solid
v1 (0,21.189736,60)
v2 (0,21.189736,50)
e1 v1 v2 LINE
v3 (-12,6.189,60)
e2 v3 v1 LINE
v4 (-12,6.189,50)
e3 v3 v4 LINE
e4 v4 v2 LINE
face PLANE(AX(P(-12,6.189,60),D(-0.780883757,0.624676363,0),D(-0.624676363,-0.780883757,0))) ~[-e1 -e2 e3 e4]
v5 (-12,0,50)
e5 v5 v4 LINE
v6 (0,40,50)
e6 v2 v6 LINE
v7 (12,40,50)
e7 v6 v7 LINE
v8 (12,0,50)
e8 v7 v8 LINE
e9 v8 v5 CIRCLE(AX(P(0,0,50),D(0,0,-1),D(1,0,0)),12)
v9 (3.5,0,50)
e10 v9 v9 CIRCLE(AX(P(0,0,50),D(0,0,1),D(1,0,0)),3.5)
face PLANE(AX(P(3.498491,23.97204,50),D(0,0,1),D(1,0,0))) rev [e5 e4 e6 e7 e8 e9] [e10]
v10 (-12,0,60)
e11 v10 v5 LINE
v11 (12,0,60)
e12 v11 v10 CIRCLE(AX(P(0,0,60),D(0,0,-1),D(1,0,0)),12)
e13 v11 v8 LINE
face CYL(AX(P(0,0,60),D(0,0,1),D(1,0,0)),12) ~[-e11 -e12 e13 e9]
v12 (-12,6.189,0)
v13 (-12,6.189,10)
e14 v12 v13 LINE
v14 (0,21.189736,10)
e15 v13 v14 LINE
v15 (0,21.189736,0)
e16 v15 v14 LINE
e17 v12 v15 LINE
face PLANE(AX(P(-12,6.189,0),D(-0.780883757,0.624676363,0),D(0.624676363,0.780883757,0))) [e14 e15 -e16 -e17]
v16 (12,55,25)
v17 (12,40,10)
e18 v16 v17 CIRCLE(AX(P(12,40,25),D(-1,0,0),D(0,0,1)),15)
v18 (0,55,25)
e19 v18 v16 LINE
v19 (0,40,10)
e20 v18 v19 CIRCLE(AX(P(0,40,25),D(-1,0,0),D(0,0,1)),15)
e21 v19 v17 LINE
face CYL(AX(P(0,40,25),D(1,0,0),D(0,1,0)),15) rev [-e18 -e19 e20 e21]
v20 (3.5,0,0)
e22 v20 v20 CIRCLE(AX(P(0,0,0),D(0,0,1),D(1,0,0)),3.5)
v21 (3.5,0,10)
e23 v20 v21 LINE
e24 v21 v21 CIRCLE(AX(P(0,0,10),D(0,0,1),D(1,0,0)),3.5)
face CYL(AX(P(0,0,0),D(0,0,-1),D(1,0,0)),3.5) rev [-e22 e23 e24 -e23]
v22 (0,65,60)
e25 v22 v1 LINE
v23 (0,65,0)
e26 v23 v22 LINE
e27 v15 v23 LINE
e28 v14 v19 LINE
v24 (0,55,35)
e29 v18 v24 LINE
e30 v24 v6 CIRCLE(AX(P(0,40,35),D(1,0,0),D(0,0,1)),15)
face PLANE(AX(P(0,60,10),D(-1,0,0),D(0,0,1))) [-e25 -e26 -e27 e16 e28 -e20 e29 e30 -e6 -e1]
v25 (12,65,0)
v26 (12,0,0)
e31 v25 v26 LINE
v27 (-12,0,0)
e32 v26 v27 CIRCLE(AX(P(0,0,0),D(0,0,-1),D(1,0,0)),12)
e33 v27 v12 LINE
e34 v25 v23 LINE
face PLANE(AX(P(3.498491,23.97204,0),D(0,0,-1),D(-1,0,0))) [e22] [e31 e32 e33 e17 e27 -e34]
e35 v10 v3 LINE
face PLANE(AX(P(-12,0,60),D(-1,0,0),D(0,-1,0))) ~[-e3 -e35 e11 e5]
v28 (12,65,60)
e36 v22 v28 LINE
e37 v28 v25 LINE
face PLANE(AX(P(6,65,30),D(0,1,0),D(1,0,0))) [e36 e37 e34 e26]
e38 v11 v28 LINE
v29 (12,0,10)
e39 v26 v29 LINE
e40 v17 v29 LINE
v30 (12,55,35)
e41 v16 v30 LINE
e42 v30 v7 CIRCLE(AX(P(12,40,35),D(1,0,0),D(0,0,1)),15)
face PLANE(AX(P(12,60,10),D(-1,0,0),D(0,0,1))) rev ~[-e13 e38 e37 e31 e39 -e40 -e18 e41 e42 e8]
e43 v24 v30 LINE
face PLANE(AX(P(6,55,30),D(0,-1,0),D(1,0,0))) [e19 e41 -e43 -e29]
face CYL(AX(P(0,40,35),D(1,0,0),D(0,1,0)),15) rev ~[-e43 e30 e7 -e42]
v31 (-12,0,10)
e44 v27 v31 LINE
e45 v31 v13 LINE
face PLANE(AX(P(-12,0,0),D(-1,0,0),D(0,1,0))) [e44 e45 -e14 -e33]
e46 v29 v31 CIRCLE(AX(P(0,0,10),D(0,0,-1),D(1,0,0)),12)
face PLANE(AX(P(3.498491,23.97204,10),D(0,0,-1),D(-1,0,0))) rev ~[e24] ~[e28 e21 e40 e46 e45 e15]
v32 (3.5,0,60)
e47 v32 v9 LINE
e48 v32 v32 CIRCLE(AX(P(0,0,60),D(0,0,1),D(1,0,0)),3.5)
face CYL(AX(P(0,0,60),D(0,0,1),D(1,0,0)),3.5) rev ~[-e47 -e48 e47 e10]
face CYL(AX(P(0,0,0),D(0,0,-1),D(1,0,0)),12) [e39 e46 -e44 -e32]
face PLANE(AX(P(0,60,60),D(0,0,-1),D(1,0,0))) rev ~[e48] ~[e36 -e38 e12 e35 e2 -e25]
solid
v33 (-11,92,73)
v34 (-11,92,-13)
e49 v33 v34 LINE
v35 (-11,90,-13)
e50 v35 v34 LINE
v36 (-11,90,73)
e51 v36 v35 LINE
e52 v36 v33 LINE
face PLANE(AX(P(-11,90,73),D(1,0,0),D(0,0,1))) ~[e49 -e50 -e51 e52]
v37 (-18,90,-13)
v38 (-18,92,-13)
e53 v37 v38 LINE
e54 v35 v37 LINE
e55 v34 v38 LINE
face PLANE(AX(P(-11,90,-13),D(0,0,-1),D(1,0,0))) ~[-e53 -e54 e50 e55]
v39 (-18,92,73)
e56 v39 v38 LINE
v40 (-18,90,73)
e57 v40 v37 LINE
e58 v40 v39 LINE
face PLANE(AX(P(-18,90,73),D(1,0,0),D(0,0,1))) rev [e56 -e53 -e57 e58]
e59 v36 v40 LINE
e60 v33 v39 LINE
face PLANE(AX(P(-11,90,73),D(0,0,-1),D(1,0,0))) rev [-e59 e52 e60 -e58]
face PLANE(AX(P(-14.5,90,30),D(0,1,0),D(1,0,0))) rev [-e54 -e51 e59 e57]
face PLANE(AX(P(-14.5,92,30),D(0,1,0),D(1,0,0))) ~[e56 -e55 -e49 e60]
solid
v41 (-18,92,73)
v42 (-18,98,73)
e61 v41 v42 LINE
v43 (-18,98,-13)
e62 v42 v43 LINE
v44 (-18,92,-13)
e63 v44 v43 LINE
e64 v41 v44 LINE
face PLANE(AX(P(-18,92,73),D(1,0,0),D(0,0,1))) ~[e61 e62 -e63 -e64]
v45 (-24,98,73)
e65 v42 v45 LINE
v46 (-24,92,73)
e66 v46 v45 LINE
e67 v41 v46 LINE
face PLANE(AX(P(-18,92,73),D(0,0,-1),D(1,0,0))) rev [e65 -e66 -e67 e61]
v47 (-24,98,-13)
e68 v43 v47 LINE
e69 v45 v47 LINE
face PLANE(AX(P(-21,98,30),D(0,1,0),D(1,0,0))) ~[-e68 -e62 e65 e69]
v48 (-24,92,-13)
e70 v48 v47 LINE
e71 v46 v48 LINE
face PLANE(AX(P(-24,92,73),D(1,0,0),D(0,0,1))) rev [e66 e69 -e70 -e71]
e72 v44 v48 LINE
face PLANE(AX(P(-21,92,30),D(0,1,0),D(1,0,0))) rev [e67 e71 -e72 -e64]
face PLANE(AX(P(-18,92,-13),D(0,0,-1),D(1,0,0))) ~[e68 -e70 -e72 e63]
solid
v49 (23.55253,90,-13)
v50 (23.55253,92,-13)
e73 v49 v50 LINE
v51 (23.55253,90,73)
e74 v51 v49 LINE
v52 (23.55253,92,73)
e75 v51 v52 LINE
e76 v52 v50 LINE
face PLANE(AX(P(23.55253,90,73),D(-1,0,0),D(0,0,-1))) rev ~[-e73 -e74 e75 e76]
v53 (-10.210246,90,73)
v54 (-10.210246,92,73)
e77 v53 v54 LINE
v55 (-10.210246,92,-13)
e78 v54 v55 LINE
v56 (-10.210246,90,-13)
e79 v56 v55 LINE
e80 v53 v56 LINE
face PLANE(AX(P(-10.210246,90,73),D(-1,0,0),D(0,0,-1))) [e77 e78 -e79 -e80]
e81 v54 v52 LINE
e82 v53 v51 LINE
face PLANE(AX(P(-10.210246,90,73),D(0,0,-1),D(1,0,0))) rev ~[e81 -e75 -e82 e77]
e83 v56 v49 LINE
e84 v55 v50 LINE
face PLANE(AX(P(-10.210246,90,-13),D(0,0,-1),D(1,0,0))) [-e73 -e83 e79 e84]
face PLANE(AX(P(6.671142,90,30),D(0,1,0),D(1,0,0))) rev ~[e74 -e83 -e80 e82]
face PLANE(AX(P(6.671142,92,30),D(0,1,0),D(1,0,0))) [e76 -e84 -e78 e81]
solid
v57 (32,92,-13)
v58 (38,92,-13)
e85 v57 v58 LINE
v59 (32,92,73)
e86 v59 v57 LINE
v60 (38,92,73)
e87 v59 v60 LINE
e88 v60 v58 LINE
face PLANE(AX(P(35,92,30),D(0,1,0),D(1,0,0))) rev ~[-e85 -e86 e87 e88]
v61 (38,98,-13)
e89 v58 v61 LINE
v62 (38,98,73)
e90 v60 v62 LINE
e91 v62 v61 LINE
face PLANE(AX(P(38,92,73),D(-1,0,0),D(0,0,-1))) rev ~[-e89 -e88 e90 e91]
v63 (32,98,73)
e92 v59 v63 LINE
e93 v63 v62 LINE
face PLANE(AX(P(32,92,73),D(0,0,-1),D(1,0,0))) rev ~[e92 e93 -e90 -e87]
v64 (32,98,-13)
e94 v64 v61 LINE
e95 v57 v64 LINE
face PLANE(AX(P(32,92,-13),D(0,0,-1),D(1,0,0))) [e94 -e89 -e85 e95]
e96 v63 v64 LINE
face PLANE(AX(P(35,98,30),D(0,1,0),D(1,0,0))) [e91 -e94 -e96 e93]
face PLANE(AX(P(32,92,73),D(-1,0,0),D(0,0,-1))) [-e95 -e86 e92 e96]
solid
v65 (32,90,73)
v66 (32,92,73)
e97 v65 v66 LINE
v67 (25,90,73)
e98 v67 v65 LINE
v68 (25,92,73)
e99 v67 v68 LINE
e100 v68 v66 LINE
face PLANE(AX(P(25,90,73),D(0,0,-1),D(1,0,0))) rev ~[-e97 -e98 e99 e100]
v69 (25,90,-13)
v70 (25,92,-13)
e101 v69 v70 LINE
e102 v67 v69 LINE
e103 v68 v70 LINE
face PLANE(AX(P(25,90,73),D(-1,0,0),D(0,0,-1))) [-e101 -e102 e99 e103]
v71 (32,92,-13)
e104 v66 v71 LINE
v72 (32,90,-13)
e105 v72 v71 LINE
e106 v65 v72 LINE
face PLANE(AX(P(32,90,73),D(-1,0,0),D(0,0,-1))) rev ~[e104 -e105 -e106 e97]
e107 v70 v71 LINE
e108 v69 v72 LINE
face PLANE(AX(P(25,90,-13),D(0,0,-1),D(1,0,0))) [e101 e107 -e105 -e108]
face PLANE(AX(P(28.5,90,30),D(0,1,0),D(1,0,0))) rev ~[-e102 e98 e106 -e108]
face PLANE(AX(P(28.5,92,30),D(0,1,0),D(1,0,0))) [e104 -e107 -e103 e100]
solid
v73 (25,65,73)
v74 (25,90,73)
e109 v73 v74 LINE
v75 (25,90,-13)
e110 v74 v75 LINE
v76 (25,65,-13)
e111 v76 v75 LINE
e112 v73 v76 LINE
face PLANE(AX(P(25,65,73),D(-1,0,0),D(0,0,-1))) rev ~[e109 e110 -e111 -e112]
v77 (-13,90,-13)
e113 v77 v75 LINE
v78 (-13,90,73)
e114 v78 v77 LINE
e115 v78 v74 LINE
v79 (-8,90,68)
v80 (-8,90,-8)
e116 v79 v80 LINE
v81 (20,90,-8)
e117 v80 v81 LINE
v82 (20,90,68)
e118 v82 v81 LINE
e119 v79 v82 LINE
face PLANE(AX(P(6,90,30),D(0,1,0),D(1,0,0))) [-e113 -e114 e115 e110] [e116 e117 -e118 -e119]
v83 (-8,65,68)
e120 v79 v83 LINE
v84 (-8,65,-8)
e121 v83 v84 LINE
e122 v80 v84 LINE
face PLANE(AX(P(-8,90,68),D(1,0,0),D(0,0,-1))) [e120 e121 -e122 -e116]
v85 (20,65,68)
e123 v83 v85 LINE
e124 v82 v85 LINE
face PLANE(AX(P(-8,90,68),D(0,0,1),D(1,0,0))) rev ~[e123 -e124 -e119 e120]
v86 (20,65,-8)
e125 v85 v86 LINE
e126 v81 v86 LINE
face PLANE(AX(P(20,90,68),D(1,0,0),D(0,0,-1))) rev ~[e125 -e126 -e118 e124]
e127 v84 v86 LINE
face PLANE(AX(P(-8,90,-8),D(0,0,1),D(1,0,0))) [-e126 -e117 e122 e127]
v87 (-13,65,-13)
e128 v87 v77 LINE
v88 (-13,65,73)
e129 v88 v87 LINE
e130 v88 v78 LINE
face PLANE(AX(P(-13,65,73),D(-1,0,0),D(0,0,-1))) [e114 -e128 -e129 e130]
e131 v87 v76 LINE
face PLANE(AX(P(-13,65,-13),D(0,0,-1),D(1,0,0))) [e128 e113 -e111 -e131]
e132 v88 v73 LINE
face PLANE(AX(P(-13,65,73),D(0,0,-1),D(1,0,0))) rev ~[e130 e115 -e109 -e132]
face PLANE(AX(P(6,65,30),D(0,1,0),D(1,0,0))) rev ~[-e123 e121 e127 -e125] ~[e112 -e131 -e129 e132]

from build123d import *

# Parameters (mm, degrees)
ESQUISSE1_R             = 3.5
BOSS_EXTRU_1_DEPTH      = 10
BOSS_EXTRU_2_DEPTH      = 5
ESQUISSE3_W             = 12
ESQUISSE3_H             = 40
BOSS_EXTRU_3_DEPTH      = 5
CONG_1_R                = 15
ESQUISSE4_W             = 38
ESQUISSE4_H             = 86
BOSS_EXTRU_4_DEPTH      = 25
ESQUISSE5_W             = 28
ESQUISSE5_H             = 76
ENL_V_MAT_EXTRU_1_DEPTH = 25
ESQUISSE7_W             = 7
ESQUISSE7_H             = 86
BOSS_EXTRU_6_DEPTH      = 2
ESQUISSE8_W             = 6
ESQUISSE8_H             = 86
BOSS_EXTRU_7_DEPTH      = 6
ESQUISSE11_W            = 33.762776186
ESQUISSE11_H            = 85.999999968
BOSS_EXTRU_10_DEPTH     = 2


with BuildPart() as part:
    # Esquisse1 → Boss.-Extru.1 (new body)
    with BuildSketch(Plane.XY):
        with BuildLine():
            Line((-12, 0), (-12, 6.188999999))
            Line((-12, 6.188999999), (0, 21.189735812))
            Line((0, 21.189735812), (0, 60))
            Line((0, 60), (12, 60))
            Line((12, 60), (12, 0))
            ThreePointArc((12, 0), (0, -12), (-12, 0))
        make_face()
        Circle(ESQUISSE1_R, mode=Mode.SUBTRACT)
    extrude(amount=BOSS_EXTRU_1_DEPTH)


with BuildPart() as body_2:
    # Esquisse2 → Boss.-Extru.2 (new body)
    with BuildSketch(Plane(origin=(0, 60, 0), x_dir=(1, 0, 0), z_dir=(0, 1, 0))):
        Polygon((0, -10), (0, -60), (12, -60), (12, -10), (12, 0), (0, 0), align=None)
    extrude(amount=BOSS_EXTRU_2_DEPTH)


with BuildPart() as body_3:
    # Symétrie2: mirrored copy
    add(part.part.mirror(Plane.XY.offset(30)))

    # Combiner1: union body 2, part
    add(body_2.part)
    add(part.part)

    # Esquisse3 → Boss.-Extru.3 (add)
    with BuildSketch(Plane.XZ.offset(-60)):
        with Locations((6, 30)):
            Rectangle(ESQUISSE3_W, ESQUISSE3_H)
    extrude(amount=BOSS_EXTRU_3_DEPTH)

    # Congé1
    cong_1_edges = [body_3.edges().sort_by_distance(p)[0] for p in [
        (6, 55, 10),
        (6, 55, 50),
    ]]
    fillet(cong_1_edges, radius=CONG_1_R)

    # Esquisse4 → Boss.-Extru.4 (add)
    with BuildSketch(Plane(origin=(0, 65, 0), x_dir=(1, 0, 0), z_dir=(0, 1, 0))):
        with Locations((6, -30)):
            Rectangle(ESQUISSE4_W, ESQUISSE4_H)
    extrude(amount=BOSS_EXTRU_4_DEPTH)

    # Esquisse5 → Enlèv. mat.-Extru.1 (cut)
    with BuildSketch(Plane(origin=(0, 90, 0), x_dir=(1, 0, 0), z_dir=(0, 1, 0))):
        with Locations((6, -30)):
            Rectangle(ESQUISSE5_W, ESQUISSE5_H)
    extrude(amount=-ENL_V_MAT_EXTRU_1_DEPTH, mode=Mode.SUBTRACT)


with BuildPart() as enl_v_mat_extru_1_piece_1:
    # of the separate pieces the step leaves, piece 1, a body of its own (enl_v_mat_extru_1_pieces)
    add(body_3.part.solids().sort_by_distance((12, 65, 0))[0])


with BuildPart() as enl_v_mat_extru_1_piece_2:
    # of the separate pieces the step leaves, piece 2, a body of its own (enl_v_mat_extru_1_pieces)
    add(body_3.part.solids().sort_by_distance((25, 65, 73))[0])


with BuildPart() as body_3_2:
    # Esquisse7 → Boss.-Extru.6 (new body)
    with BuildSketch(Plane(origin=(0, 90, 0), x_dir=(1, 0, 0), z_dir=(0, 1, 0))):
        with Locations((28.5, -30)):
            Rectangle(ESQUISSE7_W, ESQUISSE7_H)
    extrude(amount=BOSS_EXTRU_6_DEPTH)


with BuildPart() as body_4:
    # Esquisse8 → Boss.-Extru.7 (new body)
    with BuildSketch(Plane(origin=(0, 92, 0), x_dir=(1, 0, 0), z_dir=(0, 1, 0))):
        with Locations((35, -30)):
            Rectangle(ESQUISSE8_W, ESQUISSE8_H)
    extrude(amount=BOSS_EXTRU_7_DEPTH)


with BuildPart() as body_5:
    # Symétrie4: mirrored copy
    add(body_3_2.part.mirror(Plane.ZY.offset(-7)))


with BuildPart() as body_6:
    # Sym_trie4 2: mirrored copy
    add(body_4.part.mirror(Plane.ZY.offset(-7)))


with BuildPart() as body_7:
    # Esquisse11 → Boss.-Extru.10 (new body)
    with BuildSketch(Plane(origin=(0, 90, 0), x_dir=(1, 0, 0), z_dir=(0, 1, 0))):
        with Locations((6.67114179, -30)):
            Rectangle(ESQUISSE11_W, ESQUISSE11_H)
    extrude(amount=BOSS_EXTRU_10_DEPTH)


solid = Compound([enl_v_mat_extru_1_piece_1.part, enl_v_mat_extru_1_piece_2.part, body_3_2.part, body_4.part, body_5.part, body_6.part, body_7.part])
